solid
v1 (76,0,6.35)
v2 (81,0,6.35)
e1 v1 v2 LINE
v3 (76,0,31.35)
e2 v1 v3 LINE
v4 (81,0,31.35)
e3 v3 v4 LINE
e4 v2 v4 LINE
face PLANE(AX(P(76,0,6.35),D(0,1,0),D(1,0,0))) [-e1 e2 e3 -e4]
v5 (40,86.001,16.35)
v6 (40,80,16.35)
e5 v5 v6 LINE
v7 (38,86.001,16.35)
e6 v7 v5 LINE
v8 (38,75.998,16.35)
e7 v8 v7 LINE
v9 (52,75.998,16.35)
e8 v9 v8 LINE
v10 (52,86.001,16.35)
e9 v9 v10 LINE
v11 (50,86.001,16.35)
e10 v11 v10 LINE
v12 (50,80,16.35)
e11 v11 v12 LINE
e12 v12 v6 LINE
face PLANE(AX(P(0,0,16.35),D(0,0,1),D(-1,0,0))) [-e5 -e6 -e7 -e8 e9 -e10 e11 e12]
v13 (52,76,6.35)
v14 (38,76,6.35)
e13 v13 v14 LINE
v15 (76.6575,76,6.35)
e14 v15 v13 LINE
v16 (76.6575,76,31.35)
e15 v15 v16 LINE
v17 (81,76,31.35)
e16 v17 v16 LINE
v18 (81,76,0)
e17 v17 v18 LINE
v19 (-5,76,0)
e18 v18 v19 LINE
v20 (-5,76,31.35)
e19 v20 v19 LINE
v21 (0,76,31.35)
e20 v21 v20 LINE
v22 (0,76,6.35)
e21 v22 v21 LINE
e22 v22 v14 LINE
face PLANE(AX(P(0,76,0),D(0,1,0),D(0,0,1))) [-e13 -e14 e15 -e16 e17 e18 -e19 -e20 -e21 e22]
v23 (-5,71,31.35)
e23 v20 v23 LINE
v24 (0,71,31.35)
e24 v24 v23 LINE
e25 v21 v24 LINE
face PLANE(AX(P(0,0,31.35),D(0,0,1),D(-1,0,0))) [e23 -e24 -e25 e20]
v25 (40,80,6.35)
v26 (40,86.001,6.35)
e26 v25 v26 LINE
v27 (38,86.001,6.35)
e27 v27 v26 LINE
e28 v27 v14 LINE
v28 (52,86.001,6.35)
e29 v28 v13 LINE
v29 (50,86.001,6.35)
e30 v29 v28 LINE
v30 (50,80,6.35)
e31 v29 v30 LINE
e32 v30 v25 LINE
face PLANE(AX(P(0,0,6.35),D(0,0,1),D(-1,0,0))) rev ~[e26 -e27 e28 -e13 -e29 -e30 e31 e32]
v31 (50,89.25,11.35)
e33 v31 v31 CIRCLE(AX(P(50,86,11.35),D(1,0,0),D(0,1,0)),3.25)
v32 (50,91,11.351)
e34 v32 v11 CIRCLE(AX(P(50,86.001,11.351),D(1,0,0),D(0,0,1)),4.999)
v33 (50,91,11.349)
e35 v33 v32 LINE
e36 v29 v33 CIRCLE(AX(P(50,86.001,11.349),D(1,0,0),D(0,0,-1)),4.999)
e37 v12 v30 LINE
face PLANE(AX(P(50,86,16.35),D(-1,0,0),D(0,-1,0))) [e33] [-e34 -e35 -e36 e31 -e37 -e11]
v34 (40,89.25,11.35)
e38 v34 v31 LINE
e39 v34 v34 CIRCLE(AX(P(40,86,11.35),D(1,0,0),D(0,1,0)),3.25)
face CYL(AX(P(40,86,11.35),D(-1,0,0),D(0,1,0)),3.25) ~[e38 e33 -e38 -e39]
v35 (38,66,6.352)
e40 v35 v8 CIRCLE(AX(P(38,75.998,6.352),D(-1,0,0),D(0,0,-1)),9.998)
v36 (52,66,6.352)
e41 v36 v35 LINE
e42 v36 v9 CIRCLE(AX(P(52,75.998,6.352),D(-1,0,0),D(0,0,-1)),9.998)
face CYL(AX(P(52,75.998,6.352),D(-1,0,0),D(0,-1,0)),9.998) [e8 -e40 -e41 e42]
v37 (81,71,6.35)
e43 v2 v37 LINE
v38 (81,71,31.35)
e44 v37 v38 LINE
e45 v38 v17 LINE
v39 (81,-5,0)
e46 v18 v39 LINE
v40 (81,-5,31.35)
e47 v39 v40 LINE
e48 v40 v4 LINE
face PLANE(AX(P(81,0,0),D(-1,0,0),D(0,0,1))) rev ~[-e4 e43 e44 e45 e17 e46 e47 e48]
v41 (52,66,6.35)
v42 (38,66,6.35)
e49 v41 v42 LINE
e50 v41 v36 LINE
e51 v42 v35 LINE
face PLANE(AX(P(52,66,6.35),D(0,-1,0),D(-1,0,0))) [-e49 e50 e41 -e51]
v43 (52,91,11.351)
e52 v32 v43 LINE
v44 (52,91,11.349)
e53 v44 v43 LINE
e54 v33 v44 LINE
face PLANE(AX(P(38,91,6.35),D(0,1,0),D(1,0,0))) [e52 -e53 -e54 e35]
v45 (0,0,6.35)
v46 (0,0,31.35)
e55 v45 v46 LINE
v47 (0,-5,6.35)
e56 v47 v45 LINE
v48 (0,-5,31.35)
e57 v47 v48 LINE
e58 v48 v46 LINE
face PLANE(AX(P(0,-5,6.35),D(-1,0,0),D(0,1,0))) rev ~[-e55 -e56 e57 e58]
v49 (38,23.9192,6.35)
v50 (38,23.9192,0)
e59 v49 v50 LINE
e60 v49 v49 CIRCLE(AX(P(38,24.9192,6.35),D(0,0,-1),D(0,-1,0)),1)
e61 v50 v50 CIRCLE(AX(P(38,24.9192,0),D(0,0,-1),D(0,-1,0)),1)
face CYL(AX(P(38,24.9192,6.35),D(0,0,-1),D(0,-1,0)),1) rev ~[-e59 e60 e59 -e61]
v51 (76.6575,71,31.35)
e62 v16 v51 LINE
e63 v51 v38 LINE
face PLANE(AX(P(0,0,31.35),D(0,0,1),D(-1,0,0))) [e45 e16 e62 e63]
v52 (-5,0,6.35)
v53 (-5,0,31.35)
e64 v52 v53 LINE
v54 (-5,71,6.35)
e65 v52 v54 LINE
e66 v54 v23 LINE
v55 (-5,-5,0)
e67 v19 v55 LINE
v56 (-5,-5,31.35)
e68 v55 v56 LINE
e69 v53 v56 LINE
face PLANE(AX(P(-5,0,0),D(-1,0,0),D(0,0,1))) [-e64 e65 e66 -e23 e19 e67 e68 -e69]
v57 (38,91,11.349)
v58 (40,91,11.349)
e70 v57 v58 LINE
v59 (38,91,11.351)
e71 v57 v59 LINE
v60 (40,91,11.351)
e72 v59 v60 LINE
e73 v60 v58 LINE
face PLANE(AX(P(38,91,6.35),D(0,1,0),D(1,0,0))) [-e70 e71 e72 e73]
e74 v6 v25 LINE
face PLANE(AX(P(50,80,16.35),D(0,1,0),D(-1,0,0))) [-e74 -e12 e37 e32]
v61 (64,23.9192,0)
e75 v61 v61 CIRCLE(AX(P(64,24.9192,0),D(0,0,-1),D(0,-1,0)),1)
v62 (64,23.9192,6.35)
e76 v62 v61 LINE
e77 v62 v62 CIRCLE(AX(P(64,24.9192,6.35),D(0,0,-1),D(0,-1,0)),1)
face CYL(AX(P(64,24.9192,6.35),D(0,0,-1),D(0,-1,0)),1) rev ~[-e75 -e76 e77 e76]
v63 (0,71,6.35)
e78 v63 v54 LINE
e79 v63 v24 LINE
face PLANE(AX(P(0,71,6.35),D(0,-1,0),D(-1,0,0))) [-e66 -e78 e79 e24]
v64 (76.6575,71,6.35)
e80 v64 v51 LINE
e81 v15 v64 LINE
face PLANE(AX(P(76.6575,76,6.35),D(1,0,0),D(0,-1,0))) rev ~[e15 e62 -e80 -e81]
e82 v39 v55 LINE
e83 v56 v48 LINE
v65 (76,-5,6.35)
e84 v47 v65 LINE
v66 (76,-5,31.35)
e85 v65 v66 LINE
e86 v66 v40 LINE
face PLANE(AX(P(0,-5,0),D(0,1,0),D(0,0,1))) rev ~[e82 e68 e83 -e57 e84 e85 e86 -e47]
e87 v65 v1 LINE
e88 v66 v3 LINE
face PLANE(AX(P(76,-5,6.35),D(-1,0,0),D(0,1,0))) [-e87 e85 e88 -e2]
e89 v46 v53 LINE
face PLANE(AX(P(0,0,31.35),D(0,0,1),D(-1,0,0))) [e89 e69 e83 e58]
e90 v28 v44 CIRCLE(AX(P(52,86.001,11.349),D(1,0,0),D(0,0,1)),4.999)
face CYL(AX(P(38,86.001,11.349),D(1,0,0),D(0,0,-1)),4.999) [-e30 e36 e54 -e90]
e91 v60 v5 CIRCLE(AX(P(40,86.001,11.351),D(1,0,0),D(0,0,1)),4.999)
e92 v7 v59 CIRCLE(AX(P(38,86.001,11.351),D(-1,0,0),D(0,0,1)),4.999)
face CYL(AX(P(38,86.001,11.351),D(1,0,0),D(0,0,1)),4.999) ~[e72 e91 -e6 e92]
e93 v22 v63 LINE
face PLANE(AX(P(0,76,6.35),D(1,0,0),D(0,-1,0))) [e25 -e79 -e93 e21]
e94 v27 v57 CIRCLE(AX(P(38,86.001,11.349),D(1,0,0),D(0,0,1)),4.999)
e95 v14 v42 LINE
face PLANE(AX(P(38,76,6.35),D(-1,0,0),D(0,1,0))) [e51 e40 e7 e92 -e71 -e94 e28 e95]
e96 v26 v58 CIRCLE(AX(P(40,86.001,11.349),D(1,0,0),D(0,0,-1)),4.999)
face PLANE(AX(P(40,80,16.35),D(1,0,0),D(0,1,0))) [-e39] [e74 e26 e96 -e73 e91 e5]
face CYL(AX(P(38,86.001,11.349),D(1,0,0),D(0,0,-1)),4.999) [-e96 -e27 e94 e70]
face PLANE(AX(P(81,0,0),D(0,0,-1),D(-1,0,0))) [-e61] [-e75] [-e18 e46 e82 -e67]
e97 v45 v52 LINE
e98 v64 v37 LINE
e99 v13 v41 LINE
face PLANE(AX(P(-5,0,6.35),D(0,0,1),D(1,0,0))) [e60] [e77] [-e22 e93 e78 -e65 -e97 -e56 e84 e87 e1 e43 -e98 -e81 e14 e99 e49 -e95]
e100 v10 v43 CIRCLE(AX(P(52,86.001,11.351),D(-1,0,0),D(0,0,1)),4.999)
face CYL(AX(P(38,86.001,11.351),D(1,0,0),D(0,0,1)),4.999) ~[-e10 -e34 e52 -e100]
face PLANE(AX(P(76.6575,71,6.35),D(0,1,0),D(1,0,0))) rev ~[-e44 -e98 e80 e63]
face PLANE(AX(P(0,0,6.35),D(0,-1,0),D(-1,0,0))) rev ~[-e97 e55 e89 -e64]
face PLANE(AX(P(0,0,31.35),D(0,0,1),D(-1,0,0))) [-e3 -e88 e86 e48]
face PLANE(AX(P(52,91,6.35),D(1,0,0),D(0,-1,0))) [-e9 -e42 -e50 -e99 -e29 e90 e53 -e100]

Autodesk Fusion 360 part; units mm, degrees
sketch "Sketch1" plane through (0, 0, 0) normal (0, 0, 1) x (1, 0, 0)
  line L0 (0, 0) -> (76, 0)
  line L1 (76, 0) -> (76, 76)
  line L2 (76, 76) -> (0, 76)
  line L3 (0, 76) -> (0, 0)
  dimension "d1" = 76
  dimension "d2" = 76
extrude "Extrude1" add sketch "Sketch1" along normal blind 6.35
sketch "Sketch2" plane through (0, 0, 6.35) normal (0, 0, 1) x (-1, 0, 0)
  line L0 (0, -76) -> (0, 0)
  line L1 (0, 0) -> (-76, 0)
  line L2 (-76, 0) -> (-76, -76)
  line L3 (-76, -76) -> (0, -76)
  line L4 (-52, -66) -> (-38, -66)
  line L5 (-38, -66) -> (-38, -91)
  line L6 (-38, -91) -> (-52, -91)
  line L7 (-52, -91) -> (-52, -66)
  dimension "d5" = 14
  dimension "d6" = 25
  dimension "d7" = 24
  dimension "d8" = 10
extrude "Extrude2" add sketch "Sketch2" along normal blind 10 contours L3 L5 L6 L7 | L3 L4 L5 L7
fillet "Fillet1" radius 10 1 edges at (45, 66, 16.35)
fillet "Fillet2" radius 5 2 edges at (45, 91, 16.35) (45, 91, 6.35)
sketch "Sketch3" plane through (0, 0, 16.35) normal (0, 0, 1) x (-1, 0, 0)
  line L0 (-52, -86) -> (-38, -86)
  line L1 (-38, -86) -> (-38, -76)
  line L2 (-38, -76) -> (-52, -76)
  line L3 (-52, -76) -> (-52, -86)
  line L4 (-50, -80) -> (-40, -80)
  line L5 (-40, -80) -> (-40, -95)
  line L6 (-40, -95) -> (-50, -95)
  line L7 (-50, -95) -> (-50, -80)
extrude "Extrude3" cut sketch "Sketch3" against normal blind 20 contours L0 L4 L5 L7 | L0 L5 L6 L7
sketch "Sketch4" plane through (40, 0, 0) normal (1, 0, 0) x (0, 1, 0)
  line L0 (80, 6.35) -> (86, 6.35)
  arc A0 (86, 6.35) -> (86, 16.35) centre (86, 11.35) ccw
  line L1 (86, 16.35) -> (80, 16.35)
  line L2 (80, 16.35) -> (80, 6.35)
  circle A1 centre (86, 11.35) radius 3.25
  dimension "d17" = 6.5
extrude "Extrude4" add sketch "Sketch4" along normal blind 10 contours A1
extrude "Extrude5" add 1 faces at (76, 25.3333, 2.1167) along direction (1, 0, 0) blind 5
extrude "Extrude6" add 1 faces at (0, 50.6667, 2.1167) along direction (-1, 0, 0) blind 5
extrude "Extrude7" add 1 faces at (23.6667, 0, 2.1167) along direction (0, -1, 0) blind 5
sketch "Sketch5" plane through (0, 0, 6.35) normal (0, 0, 1) x (-1, 0, 0)
  line L0 (-38, -66) -> (-38, -76)
  line L1 (-38, -76) -> (5, -76)
  line L2 (5, -76) -> (5, 5)
  line L3 (5, 5) -> (-81, 5)
  line L4 (-81, 5) -> (-81, -76)
  line L5 (-81, -76) -> (-52, -76)
  line L6 (-52, -76) -> (-52, -66)
  line L7 (-52, -66) -> (-38, -66)
  line L8 (-81, -76) -> (-76.6575, -76)
  line L9 (-76.6575, -76) -> (-76.6575, -71)
  line L10 (-76.6575, -71) -> (-81, -71)
  line L11 (-81, -71) -> (-81, -76)
  line L12 (5, -76) -> (0, -76)
  line L13 (0, -76) -> (0, -71)
  line L14 (0, -71) -> (5, -71)
  line L15 (5, -71) -> (5, -76)
  line L16 (5, 5) -> (0, 5)
  line L17 (0, 5) -> (0, 0)
  line L18 (0, 0) -> (5, 0)
  line L19 (5, 0) -> (5, 5)
  line L20 (-81, 5) -> (-76, 5)
  line L21 (-76, 5) -> (-76, 0)
  line L22 (-76, 0) -> (-81, 0)
  line L23 (-81, 0) -> (-81, 5)
  dimension "d26" = 5
  dimension "d27" = 5
  dimension "d28" = 5
  dimension "d29" = 5
  dimension "d30" = 5
  dimension "d31" = 5
  dimension "d32" = 5
extrude "Extrude8" add sketch "Sketch5" along normal blind 25 contours L1 L2 L12 L13 L14 L15 | L4 L5 L8 L9 L10 L11 | L2 L3 L16 L17 L18 L19 | L3 L4 L20 L21 L22 L23
sketch "Sketch7" plane through (0, 0, 6.35) normal (0, 0, 1) x (-1, 0, 0)
  line L0 (0, 0) -> (0, 5)
  line L1 (0, 5) -> (-76, 5)
  line L2 (-76, 5) -> (-76, 0)
  line L3 (-76, 0) -> (-81, 0)
  line L4 (-81, 0) -> (-81, -71)
  line L5 (-81, -71) -> (-76.6575, -71)
  line L6 (-76.6575, -71) -> (-76.6575, -76)
  line L7 (-76.6575, -76) -> (-52, -76)
  line L8 (-52, -76) -> (-52, -66)
  line L9 (-52, -66) -> (-38, -66)
  line L10 (-38, -66) -> (-38, -76)
  line L11 (-38, -76) -> (0, -76)
  line L12 (0, -76) -> (0, -71)
  line L13 (0, -71) -> (5, -71)
  line L14 (5, -71) -> (5, 0)
  line L15 (5, 0) -> (0, 0)
  circle A0 centre (-38, -24.9192) radius 1
  circle A1 centre (-64, -24.9192) radius 1
  dimension "d35" = 2
  dimension "d36" = 2
  dimension "d39" = 26
hole "Hole1" at (64, 24.9192, 6.35) at (38, 24.9192, 6.35) direction (0, 0, -1) diameter 2 end through all
